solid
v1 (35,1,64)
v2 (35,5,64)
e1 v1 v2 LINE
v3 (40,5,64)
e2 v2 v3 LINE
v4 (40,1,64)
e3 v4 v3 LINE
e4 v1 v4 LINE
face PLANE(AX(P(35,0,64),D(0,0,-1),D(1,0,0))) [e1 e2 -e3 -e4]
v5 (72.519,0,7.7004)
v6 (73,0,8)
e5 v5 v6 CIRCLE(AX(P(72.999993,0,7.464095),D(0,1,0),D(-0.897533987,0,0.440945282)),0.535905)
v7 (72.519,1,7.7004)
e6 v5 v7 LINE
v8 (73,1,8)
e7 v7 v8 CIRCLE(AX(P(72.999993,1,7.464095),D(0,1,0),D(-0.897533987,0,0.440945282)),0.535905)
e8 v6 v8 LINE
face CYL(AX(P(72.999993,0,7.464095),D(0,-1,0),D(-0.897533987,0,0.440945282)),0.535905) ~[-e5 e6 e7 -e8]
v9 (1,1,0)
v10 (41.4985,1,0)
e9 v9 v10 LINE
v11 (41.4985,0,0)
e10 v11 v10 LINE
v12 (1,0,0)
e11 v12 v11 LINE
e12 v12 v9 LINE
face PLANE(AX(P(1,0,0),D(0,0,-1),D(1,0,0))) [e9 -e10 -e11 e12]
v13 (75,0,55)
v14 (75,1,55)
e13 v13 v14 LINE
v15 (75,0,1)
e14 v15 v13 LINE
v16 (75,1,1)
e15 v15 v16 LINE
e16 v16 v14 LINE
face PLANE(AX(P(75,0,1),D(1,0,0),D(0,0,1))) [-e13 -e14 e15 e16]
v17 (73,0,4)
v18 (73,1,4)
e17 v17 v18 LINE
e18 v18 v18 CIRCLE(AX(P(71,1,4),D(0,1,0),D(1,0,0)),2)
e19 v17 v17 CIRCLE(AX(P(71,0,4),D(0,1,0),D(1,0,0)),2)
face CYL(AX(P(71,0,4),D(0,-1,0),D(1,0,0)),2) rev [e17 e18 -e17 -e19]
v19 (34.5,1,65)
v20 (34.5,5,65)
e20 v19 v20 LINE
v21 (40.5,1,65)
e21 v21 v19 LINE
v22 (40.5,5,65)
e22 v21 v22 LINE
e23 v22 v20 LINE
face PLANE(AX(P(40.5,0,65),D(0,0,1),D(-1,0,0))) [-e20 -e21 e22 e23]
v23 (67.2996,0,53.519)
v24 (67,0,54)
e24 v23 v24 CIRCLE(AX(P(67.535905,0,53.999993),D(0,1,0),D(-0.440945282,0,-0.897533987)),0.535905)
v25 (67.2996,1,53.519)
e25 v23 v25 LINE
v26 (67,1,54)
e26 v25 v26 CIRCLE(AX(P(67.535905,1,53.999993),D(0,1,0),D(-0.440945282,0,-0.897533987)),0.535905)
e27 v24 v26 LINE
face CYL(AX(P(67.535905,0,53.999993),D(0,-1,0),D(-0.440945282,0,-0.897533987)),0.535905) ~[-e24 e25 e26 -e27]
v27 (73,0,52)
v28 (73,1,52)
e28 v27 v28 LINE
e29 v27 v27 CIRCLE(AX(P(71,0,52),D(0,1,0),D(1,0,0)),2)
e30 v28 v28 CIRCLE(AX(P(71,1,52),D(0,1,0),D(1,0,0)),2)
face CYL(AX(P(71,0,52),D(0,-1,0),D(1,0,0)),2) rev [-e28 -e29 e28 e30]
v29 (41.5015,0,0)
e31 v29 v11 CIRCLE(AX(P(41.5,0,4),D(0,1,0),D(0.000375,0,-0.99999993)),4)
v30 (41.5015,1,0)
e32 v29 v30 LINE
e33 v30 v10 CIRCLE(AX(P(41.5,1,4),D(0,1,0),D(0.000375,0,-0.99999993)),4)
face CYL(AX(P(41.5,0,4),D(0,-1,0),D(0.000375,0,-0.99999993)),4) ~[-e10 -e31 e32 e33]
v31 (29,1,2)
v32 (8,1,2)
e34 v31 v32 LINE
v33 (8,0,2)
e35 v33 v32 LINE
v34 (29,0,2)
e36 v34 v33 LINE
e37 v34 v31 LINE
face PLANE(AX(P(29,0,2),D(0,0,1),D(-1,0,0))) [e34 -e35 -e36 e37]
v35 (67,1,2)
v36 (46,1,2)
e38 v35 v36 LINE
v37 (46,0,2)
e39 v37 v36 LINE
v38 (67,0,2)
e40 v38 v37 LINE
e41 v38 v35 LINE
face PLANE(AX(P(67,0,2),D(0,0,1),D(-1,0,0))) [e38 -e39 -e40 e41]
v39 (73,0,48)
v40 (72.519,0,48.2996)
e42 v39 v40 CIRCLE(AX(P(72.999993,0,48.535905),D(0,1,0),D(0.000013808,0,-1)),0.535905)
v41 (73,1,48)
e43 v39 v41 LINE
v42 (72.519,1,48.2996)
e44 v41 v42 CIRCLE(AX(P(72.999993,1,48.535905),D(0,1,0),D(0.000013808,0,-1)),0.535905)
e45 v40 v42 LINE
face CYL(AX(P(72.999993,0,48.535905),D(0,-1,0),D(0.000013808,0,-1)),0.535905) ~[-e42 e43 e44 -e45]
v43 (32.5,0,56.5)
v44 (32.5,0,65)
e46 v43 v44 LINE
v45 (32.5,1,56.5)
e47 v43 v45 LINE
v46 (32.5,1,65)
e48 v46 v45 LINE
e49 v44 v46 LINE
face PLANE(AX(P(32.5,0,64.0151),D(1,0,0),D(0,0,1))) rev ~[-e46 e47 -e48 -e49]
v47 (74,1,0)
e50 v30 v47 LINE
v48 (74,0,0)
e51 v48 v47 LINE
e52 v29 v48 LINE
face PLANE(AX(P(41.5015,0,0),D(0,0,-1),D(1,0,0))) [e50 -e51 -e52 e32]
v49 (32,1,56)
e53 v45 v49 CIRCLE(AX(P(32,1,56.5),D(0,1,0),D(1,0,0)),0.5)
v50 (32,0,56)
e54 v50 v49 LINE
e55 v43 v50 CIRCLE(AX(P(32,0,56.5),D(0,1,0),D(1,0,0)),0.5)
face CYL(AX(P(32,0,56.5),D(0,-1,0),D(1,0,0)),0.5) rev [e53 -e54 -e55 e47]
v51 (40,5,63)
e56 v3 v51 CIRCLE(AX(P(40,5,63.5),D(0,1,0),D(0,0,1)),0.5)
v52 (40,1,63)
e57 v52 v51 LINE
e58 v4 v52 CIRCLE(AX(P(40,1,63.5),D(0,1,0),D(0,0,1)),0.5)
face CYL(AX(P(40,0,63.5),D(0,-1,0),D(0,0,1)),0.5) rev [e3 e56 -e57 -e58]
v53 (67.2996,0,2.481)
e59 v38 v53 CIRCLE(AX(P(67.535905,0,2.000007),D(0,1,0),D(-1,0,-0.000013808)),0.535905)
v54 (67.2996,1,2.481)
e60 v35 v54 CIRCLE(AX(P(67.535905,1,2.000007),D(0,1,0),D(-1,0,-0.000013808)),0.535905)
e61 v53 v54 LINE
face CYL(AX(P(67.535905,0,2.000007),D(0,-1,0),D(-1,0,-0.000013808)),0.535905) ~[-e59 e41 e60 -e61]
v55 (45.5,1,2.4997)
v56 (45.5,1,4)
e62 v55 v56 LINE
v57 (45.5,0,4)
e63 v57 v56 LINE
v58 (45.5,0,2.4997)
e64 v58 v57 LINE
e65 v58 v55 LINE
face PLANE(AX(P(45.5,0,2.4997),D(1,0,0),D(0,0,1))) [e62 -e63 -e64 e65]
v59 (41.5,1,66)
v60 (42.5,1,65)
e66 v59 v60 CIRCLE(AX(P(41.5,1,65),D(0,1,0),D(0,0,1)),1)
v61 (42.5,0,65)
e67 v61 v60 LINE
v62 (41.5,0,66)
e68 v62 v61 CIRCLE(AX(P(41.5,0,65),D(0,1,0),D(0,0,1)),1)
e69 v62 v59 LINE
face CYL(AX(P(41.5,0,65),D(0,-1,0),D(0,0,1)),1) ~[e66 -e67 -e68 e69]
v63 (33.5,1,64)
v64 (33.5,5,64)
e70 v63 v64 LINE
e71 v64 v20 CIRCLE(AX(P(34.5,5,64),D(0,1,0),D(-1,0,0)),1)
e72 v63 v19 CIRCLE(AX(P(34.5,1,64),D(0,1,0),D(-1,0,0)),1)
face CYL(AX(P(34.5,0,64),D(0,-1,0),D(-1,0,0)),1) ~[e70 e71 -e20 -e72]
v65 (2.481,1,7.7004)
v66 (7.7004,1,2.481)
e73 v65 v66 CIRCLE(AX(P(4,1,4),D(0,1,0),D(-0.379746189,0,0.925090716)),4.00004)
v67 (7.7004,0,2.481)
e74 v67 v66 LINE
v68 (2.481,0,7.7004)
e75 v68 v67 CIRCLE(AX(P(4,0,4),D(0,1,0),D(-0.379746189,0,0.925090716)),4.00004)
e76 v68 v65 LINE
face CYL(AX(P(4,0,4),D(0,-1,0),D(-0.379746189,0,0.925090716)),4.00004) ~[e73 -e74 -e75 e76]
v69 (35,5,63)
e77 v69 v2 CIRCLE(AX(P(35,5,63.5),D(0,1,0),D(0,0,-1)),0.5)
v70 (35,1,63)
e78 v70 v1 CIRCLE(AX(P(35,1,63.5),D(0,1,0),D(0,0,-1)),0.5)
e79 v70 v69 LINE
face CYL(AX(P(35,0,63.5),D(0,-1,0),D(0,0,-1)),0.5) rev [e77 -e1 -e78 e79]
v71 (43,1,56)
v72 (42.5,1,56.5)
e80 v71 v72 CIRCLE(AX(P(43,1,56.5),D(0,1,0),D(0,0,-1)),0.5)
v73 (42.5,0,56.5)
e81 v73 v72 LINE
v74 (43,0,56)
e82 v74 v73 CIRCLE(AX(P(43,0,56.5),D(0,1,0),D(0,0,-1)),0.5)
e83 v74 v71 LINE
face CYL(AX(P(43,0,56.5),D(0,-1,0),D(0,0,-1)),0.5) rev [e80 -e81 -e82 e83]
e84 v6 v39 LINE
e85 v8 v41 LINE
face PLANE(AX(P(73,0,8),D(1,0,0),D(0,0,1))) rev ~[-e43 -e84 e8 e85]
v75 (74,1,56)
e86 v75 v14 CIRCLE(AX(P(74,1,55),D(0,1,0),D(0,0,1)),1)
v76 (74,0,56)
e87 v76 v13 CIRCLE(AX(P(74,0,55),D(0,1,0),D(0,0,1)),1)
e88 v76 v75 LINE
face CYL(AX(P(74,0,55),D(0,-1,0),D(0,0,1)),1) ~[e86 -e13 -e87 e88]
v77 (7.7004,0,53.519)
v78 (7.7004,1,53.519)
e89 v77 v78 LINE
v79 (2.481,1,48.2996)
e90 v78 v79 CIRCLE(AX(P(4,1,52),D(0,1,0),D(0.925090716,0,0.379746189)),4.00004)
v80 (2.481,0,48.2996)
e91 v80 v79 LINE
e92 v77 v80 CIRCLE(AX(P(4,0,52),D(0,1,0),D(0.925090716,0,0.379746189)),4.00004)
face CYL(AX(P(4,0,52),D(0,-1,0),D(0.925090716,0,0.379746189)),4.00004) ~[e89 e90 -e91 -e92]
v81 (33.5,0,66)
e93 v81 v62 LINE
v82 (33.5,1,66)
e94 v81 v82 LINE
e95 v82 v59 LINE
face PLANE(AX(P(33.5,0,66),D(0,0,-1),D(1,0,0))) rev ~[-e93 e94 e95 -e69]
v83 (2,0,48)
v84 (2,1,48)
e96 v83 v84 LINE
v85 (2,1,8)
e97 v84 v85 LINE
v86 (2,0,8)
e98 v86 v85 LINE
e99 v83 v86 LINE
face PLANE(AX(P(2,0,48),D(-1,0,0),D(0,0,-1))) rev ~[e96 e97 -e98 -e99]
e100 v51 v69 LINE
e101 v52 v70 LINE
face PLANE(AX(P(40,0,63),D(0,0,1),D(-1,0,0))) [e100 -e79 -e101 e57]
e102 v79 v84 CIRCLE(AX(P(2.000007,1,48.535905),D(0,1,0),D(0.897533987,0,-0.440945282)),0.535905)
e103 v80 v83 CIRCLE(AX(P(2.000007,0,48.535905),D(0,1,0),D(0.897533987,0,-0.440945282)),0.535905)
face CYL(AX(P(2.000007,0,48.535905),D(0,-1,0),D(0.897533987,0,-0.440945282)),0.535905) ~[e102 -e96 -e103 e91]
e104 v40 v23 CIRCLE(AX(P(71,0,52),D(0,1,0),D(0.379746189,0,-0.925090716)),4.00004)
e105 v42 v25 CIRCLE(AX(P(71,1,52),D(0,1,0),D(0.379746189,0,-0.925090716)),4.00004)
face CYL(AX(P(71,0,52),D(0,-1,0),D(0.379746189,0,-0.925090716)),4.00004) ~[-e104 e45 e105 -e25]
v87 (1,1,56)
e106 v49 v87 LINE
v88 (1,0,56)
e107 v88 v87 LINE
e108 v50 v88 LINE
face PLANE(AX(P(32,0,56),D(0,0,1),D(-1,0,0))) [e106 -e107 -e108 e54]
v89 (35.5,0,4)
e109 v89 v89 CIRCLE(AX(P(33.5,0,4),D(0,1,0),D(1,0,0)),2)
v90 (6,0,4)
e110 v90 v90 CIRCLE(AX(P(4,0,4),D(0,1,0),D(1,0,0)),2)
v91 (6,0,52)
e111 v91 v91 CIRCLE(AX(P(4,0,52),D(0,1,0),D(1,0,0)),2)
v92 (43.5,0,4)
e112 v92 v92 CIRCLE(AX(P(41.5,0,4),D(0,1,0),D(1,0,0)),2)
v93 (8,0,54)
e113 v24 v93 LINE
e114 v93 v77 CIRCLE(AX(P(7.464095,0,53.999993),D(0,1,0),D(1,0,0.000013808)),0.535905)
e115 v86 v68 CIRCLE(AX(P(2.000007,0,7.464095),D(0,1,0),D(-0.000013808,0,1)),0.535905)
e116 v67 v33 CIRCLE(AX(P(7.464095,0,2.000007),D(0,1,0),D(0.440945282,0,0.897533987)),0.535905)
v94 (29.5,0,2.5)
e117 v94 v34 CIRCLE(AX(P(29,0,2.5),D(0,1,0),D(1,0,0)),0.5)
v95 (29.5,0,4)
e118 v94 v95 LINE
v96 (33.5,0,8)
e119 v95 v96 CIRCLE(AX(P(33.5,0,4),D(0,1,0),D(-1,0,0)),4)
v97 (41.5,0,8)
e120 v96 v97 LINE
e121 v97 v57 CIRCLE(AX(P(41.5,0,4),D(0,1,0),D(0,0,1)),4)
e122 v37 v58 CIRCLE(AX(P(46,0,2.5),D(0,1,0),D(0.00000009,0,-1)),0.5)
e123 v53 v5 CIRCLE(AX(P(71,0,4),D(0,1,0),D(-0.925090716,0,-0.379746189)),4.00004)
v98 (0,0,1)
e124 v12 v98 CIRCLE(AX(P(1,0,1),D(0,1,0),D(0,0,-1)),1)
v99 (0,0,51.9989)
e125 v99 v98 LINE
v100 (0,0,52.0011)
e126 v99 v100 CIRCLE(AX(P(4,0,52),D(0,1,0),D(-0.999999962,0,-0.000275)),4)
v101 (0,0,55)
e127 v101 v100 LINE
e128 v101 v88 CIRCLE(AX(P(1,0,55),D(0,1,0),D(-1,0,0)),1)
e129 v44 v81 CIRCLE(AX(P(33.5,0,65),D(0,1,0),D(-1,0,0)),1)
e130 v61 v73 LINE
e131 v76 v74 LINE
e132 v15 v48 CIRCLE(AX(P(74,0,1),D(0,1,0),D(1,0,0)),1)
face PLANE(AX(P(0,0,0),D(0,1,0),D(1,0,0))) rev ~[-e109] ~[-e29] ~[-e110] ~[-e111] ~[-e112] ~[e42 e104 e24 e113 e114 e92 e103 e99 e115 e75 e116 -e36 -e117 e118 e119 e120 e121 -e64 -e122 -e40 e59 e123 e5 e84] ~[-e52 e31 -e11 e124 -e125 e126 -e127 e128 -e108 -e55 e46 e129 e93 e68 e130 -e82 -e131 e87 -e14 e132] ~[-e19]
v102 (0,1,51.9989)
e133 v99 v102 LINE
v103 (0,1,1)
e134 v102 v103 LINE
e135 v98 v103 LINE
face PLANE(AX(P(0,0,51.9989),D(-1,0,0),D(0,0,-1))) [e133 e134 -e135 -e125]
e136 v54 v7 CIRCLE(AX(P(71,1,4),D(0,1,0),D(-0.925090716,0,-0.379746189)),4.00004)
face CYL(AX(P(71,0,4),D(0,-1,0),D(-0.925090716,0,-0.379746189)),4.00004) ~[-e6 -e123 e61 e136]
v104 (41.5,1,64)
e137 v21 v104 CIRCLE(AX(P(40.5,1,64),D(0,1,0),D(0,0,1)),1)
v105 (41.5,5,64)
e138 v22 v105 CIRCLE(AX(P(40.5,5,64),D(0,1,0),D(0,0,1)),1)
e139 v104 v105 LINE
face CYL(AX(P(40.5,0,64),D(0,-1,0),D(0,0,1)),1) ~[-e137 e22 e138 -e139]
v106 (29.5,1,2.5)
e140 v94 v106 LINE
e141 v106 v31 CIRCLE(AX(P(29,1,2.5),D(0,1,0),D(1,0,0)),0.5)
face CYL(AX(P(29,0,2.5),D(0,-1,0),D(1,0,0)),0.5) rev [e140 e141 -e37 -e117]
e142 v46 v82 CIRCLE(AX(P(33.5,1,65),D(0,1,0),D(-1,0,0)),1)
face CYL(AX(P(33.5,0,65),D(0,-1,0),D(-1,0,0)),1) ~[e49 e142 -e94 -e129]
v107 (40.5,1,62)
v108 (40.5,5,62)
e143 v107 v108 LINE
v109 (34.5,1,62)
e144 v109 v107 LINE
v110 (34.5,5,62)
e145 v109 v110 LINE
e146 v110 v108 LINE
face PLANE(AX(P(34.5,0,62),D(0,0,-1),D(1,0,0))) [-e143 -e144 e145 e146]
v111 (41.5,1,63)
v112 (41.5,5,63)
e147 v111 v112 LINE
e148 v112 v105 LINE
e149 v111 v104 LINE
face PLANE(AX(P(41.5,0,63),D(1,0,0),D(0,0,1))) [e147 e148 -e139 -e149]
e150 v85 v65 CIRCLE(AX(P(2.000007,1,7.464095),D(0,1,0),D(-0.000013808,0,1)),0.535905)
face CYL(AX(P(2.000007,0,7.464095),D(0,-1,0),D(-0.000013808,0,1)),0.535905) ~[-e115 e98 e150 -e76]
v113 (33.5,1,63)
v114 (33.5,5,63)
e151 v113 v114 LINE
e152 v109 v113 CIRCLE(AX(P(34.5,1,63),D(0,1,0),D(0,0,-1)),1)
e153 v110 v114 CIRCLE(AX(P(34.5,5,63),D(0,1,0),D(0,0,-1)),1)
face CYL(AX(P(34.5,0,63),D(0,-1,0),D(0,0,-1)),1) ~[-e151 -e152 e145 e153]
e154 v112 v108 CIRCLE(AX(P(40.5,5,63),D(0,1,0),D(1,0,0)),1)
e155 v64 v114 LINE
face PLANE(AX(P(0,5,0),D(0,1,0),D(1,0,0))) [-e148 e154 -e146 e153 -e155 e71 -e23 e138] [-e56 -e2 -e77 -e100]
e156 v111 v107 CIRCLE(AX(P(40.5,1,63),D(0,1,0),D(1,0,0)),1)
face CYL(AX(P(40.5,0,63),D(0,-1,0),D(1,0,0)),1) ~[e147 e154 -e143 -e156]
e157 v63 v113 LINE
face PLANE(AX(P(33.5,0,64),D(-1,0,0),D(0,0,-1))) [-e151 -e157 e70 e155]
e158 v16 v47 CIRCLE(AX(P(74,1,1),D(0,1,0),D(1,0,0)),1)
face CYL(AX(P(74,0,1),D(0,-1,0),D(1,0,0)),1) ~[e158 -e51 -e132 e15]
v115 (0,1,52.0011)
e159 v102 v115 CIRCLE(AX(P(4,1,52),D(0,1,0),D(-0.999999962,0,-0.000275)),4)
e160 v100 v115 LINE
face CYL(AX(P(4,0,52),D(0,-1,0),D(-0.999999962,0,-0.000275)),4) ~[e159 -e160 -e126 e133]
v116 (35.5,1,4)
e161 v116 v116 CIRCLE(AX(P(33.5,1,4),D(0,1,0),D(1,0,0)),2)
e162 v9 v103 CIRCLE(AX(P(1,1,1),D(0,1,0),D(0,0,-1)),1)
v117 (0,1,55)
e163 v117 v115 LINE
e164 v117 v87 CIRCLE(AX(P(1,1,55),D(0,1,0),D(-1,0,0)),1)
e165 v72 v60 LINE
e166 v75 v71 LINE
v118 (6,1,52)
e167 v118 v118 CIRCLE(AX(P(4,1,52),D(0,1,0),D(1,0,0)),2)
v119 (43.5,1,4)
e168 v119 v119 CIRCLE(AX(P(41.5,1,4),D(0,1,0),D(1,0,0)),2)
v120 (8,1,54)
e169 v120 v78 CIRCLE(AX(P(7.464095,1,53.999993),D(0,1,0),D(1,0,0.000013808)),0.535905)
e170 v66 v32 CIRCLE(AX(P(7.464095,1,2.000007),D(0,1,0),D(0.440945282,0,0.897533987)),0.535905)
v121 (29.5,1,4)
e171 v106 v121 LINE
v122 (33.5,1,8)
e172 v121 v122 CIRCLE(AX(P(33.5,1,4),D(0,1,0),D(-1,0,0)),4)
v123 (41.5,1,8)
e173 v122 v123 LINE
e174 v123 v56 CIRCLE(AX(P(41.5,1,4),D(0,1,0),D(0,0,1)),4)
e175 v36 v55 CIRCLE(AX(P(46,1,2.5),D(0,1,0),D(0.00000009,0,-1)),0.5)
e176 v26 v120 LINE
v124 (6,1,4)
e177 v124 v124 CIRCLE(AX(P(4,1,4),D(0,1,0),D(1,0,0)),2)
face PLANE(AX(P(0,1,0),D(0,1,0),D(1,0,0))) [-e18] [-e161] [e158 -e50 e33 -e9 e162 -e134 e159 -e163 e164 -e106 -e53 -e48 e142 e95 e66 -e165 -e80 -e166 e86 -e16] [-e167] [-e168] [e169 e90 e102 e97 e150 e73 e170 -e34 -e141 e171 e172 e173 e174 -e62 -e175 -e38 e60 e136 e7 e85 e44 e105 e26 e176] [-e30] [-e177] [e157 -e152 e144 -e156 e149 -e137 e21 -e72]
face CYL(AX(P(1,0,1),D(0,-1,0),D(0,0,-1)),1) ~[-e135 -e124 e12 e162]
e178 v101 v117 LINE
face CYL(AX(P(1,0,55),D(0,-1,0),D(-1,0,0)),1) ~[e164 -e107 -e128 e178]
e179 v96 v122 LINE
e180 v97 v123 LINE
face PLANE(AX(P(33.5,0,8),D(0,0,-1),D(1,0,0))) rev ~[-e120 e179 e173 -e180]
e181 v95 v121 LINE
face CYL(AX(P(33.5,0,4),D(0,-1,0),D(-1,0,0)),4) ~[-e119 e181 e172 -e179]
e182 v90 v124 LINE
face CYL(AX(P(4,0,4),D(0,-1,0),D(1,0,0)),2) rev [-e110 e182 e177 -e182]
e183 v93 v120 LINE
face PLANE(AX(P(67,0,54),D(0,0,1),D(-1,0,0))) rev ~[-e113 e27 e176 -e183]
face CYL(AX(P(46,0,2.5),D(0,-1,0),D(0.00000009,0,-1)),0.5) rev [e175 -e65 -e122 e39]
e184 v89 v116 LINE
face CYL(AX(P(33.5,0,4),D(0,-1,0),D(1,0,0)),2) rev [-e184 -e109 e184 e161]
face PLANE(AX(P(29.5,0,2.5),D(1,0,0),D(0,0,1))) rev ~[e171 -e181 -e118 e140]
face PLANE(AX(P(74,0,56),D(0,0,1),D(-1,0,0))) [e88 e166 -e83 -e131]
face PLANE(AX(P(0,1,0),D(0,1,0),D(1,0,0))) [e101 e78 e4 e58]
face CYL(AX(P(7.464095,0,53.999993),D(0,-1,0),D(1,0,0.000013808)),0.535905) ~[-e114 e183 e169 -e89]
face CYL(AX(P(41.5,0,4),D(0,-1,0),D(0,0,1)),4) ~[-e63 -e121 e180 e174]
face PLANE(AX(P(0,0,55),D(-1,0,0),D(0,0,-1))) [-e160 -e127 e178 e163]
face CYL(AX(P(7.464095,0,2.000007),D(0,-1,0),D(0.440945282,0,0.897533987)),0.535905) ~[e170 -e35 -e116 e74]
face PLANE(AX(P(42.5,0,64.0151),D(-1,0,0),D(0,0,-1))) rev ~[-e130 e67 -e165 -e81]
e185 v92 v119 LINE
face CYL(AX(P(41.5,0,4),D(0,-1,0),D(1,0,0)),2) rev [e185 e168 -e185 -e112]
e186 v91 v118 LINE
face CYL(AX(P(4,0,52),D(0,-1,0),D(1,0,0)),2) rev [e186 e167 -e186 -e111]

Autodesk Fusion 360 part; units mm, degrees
sketch "Sketch1" plane through (0, 0, 0) normal (0, 1, 0) x (1, 0, 0)
  line L0 (1, 0) -> (74, 0)
  line L1 (75, -1) -> (75, -55)
  line L2 (0, -55) -> (0, -1)
  circle A0 centre (4, -4) radius 2
  line L3 (2, -48) -> (2, -8)
  arc A1 (7.7004, -53.519) -> (2.481, -48.2996) centre (4, -52) ccw
  arc A2 (0, -51.9989) -> (0, -52.0011) centre (4, -52) ccw
  arc A3 (0, -55) -> (1, -56) centre (1, -55) ccw
  arc A4 (2.481, -48.2996) -> (2, -48) centre (2, -48.5359) ccw
  arc A5 (8, -54) -> (7.7004, -53.519) centre (7.4641, -54) ccw
  circle A6 centre (4, -52) radius 2
  circle A7 centre (71, -52) radius 2
  line L4 (67, -54) -> (8, -54)
  line L5 (73, -8) -> (73, -48)
  arc A8 (72.519, -48.2996) -> (67.2996, -53.519) centre (71, -52) ccw
  arc A9 (74, -56) -> (75, -55) centre (74, -55) ccw
  arc A10 (73, -48) -> (72.519, -48.2996) centre (73, -48.5359) ccw
  arc A11 (67.2996, -53.519) -> (67, -54) centre (67.5359, -54) ccw
  circle A12 centre (71, -4) radius 2
  arc A13 (75, -1) -> (74, 0) centre (74, -1) ccw
  arc A14 (67.2996, -2.481) -> (72.519, -7.7004) centre (71, -4) ccw
  arc A15 (67, -2) -> (67.2996, -2.481) centre (67.5359, -2) ccw
  arc A16 (72.519, -7.7004) -> (73, -8) centre (73, -7.4641) ccw
  arc A17 (2.481, -7.7004) -> (7.7004, -2.481) centre (4, -4) ccw
  arc A18 (2.481, -7.7004) -> (7.7004, -2.481) centre (4, -4) ccw
  arc A19 (1, 0) -> (0, -1) centre (1, -1) ccw
  arc A20 (2, -8) -> (2.481, -7.7004) centre (2, -7.4641) ccw
  arc A21 (7.7004, -2.481) -> (8, -2) centre (7.4641, -2) ccw
  line L6 (45.5, -2.4997) -> (45.5, -4)
  line L7 (29.5, -2.5) -> (29.5, -4)
  arc A22 (29.5, -2.5) -> (29, -2) centre (29, -2.5) ccw
  arc A23 (46, -2) -> (45.5, -2.5003) centre (46, -2.5) ccw
  line L8 (29, -2) -> (8, -2)
  line L9 (67, -2) -> (46, -2)
  arc A24 (29.5, -4) -> (33.5, -8) centre (33.5, -4) ccw
  arc A25 (41.5, -8) -> (45.5, -4) centre (41.5, -4) ccw
  arc A26 (41.5015, 0) -> (41.4985, 0) centre (41.5, -4) ccw
  line L10 (33.5, -8) -> (41.5, -8)
  circle A27 centre (33.5, -4) radius 2
  circle A28 centre (41.5, -4) radius 2
  line L11 (32.5, -56.5) -> (32.5, -65)
  line L12 (33.5, -66) -> (41.5, -66)
  line L13 (42.5, -65) -> (42.5, -56.5)
  line L14 (33.5, -66) -> (41.5, -66)
  line L15 (74, -56) -> (43, -56)
  line L16 (32, -56) -> (1, -56)
  arc A29 (32.5, -56.5) -> (32, -56) centre (32, -56.5) ccw
  arc A30 (43, -56) -> (42.5, -56.5) centre (43, -56.5) ccw
  arc A31 (32.5, -65) -> (33.5, -66) centre (33.5, -65) ccw
  arc A32 (41.5, -66) -> (42.5, -65) centre (41.5, -65) ccw
  line L17 (42.5, -65) -> (42.5, -64.0151)
  line L18 (32.5, -64.0151) -> (32.5, -65)
  line L19 (35, -64) -> (40, -64)
  line L20 (40, -63) -> (35, -63)
  line L21 (34.5, -62) -> (40.5, -62)
  line L22 (41.5, -63) -> (41.5, -64)
  line L23 (40.5, -65) -> (34.5, -65)
  line L24 (33.5, -64) -> (33.5, -63)
  arc A33 (34.5, -62) -> (33.5, -63) centre (34.5, -63) ccw
  arc A34 (40.5, -65) -> (41.5, -64) centre (40.5, -64) ccw
  arc A35 (40, -64) -> (40, -63) centre (40, -63.5) ccw
  arc A36 (41.5, -63) -> (40.5, -62) centre (40.5, -63) ccw
  arc A37 (33.5, -64) -> (34.5, -65) centre (34.5, -64) ccw
  arc A38 (35, -63) -> (35, -64) centre (35, -63.5) ccw
  dimension "d2" = 4
  dimension "d3" = 4
extrude "Extrude1" add sketch "Sketch1" along normal blind 1 makes body 1 at (36.5, 0, 58.3333) makes body 2 at (38.3333, 0, 63.6667)
extrude "Extrude2" add sketch "Sketch1" along normal blind 5 contours L21 L22 L23 L24 A33 A34 A36 A37 bodies 1 2
